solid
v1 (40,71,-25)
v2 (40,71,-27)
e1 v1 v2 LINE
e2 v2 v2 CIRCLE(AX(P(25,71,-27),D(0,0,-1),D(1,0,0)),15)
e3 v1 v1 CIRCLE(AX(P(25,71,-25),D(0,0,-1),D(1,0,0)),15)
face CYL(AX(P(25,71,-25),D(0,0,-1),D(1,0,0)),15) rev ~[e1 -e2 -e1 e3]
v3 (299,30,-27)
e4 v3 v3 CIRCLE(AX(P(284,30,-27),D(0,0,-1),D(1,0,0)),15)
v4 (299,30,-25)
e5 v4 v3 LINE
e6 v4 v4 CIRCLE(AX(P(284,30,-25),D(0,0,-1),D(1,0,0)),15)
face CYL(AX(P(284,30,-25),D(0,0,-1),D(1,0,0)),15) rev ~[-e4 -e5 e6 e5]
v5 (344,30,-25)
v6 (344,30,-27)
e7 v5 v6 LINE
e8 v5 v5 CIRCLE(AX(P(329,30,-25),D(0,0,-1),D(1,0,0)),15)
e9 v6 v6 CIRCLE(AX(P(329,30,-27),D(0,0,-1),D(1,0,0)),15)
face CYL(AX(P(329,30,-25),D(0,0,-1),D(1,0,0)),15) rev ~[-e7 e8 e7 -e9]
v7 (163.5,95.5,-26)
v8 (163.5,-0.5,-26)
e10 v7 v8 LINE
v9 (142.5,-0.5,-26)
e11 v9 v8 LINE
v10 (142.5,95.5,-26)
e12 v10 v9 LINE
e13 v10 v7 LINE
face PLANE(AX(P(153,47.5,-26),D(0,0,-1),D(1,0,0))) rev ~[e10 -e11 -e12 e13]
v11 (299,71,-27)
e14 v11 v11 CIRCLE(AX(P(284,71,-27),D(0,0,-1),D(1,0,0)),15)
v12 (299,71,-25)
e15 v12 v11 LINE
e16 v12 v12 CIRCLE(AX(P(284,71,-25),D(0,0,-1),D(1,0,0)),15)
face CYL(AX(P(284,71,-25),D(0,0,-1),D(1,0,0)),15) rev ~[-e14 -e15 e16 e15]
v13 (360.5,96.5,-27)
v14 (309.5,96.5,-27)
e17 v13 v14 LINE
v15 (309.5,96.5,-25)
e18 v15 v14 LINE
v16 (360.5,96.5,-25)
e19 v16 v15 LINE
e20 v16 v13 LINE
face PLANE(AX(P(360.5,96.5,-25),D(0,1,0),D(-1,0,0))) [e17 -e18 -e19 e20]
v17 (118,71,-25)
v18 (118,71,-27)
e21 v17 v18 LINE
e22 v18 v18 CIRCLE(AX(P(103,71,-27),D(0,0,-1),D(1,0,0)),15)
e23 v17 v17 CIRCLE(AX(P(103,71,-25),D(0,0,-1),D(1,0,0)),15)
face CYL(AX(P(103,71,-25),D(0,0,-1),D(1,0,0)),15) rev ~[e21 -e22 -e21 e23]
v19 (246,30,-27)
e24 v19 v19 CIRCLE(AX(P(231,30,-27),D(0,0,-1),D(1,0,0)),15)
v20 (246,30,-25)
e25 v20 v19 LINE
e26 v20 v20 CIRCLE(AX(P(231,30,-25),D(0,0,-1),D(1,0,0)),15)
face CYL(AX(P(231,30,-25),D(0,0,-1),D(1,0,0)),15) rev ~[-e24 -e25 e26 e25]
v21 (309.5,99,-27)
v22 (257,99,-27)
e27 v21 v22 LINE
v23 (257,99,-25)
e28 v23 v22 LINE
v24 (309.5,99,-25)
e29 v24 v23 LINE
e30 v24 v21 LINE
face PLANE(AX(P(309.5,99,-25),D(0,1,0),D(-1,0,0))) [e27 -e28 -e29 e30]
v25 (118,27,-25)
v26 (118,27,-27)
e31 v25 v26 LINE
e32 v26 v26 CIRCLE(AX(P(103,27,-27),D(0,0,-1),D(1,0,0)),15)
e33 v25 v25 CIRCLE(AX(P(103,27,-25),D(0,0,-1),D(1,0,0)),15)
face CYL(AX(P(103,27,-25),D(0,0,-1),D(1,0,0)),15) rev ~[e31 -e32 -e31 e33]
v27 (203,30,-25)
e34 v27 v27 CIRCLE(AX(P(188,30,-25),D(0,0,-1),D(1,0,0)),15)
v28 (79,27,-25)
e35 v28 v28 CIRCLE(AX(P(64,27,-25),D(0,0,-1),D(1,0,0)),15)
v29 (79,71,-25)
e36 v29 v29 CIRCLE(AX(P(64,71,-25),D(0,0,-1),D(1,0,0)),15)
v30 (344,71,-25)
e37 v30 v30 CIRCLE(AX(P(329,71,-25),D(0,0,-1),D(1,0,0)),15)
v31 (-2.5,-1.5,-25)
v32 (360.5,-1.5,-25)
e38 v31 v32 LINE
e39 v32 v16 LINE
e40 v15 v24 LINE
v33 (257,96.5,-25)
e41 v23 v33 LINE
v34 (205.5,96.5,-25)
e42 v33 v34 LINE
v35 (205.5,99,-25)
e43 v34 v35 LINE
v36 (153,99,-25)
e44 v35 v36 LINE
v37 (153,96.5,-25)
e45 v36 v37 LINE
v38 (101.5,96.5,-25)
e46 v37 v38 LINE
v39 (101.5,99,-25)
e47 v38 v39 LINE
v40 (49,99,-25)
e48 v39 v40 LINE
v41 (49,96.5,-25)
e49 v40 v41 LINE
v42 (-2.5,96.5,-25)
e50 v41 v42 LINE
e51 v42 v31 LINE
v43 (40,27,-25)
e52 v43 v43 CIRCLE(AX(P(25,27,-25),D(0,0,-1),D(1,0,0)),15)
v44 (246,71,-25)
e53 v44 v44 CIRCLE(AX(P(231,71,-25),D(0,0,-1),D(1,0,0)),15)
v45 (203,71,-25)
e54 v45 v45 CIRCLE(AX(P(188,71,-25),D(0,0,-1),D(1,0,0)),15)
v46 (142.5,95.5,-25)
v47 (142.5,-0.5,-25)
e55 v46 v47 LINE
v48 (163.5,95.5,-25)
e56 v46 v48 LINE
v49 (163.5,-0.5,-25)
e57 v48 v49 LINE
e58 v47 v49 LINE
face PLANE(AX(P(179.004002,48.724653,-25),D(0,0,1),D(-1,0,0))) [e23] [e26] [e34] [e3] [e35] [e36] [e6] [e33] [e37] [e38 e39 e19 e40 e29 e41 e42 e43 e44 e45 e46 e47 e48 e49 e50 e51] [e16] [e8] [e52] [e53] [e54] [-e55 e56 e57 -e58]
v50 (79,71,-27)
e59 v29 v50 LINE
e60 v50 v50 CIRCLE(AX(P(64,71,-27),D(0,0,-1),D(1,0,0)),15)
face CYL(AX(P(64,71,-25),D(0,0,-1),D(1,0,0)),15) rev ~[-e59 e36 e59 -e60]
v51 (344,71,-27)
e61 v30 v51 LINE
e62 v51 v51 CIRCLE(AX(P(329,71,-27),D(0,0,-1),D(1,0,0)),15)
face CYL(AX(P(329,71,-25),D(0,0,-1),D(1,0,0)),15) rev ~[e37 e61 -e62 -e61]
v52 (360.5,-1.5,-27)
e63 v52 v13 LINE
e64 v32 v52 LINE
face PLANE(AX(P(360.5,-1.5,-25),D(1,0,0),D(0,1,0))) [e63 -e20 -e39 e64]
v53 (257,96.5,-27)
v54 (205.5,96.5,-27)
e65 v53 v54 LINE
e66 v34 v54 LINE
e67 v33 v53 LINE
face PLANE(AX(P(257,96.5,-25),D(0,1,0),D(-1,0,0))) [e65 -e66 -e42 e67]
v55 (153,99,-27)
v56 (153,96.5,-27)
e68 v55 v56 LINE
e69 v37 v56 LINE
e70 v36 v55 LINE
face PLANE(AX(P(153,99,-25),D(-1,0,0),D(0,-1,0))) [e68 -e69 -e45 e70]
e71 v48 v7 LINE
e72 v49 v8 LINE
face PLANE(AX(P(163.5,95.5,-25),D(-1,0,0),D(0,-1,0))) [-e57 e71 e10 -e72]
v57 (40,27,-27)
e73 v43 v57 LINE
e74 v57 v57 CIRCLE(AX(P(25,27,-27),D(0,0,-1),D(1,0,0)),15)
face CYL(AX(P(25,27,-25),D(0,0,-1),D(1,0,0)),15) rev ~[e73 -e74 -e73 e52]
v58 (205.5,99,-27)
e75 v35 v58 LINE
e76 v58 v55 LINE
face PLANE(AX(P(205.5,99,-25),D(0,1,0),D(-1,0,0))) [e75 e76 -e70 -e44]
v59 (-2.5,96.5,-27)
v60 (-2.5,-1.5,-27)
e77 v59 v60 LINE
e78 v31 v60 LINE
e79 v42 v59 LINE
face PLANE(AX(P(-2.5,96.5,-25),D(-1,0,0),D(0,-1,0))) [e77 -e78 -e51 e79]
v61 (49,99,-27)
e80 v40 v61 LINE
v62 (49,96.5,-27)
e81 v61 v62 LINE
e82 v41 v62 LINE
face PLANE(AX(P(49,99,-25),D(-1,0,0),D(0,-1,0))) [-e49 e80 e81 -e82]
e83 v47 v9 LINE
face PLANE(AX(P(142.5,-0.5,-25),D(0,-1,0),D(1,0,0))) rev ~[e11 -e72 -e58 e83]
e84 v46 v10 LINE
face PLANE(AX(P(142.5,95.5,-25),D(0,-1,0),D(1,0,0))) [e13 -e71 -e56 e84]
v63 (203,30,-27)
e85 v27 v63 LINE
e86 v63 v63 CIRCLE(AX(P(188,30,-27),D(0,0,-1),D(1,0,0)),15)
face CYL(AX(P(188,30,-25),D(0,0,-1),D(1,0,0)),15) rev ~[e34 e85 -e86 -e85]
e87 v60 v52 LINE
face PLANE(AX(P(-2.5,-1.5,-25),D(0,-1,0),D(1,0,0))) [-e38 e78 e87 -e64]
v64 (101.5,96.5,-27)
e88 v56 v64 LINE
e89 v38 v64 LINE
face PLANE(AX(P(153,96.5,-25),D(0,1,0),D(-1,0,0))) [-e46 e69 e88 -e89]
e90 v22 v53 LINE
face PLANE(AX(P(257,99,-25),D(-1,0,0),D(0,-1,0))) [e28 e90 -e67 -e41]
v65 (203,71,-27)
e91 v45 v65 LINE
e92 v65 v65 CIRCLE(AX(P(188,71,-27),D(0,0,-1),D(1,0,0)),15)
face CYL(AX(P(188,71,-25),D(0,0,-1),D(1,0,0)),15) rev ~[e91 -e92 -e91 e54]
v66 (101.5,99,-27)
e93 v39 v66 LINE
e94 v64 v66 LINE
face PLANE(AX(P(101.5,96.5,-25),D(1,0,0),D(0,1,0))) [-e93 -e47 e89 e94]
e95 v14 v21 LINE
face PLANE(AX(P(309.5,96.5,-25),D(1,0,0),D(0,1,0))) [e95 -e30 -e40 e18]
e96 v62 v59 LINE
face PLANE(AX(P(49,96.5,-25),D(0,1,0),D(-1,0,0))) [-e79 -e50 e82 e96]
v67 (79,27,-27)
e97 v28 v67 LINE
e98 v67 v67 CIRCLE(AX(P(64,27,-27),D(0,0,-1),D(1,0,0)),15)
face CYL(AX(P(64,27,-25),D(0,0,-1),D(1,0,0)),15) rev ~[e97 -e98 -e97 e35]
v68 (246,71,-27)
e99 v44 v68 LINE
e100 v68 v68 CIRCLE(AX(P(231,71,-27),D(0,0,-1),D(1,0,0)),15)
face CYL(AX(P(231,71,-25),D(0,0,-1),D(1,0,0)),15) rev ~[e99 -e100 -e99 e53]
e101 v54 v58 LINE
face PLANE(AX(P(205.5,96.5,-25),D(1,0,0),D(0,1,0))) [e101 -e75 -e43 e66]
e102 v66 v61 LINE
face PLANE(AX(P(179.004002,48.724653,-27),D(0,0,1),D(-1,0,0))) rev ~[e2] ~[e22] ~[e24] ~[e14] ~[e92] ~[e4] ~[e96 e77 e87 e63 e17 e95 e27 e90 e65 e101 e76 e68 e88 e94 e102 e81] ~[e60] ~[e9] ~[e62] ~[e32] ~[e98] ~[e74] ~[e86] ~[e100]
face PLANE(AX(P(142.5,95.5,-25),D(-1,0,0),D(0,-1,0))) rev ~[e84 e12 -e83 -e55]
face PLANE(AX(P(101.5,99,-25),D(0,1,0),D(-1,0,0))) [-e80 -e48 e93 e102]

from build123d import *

# Parameters (mm, degrees)
SKETCH093_W           = 21
SKETCH093_H           = 96
EXTRUDE085_DEPTH      = 1
SKETCH140_R           = 15
EXTRUDE130_DEPTH      = 3
EXTRUDE130_DEPTH_BACK = 1
EXTRUDE074_DEPTH      = 2


with BuildPart() as cutout:
    # Sketch093 → Extrude085 (new body)
    with BuildSketch(Plane(origin=(0, 0, -25), x_dir=(1, 0, 0), z_dir=(0, 0, -1))):
        with Locations((153, -47.5)):
            Rectangle(SKETCH093_W, SKETCH093_H)
    extrude(amount=EXTRUDE085_DEPTH)


with BuildPart() as compound029:
    # Sketch140 → Extrude130 (new body, two sides)
    with BuildSketch(Plane(origin=(0, 0, -25), x_dir=(1, 0, 0), z_dir=(0, 0, -1))) as extrude130_sk:
        with Locations((25, -27)):
            Circle(SKETCH140_R)
        with Locations((103, -27)):
            Circle(SKETCH140_R)
        with Locations((64, -27)):
            Circle(SKETCH140_R)
        with Locations((103, -71)):
            Circle(SKETCH140_R)
        with Locations((25, -71)):
            Circle(SKETCH140_R)
        with Locations((64, -71)):
            Circle(SKETCH140_R)
        with Locations((188, -30)):
            Circle(SKETCH140_R)
        with Locations((231, -30)):
            Circle(SKETCH140_R)
        with Locations((188, -71)):
            Circle(SKETCH140_R)
        with Locations((231, -71)):
            Circle(SKETCH140_R)
        with Locations((284, -30)):
            Circle(SKETCH140_R)
        with Locations((329, -30)):
            Circle(SKETCH140_R)
        with Locations((284, -71)):
            Circle(SKETCH140_R)
        with Locations((329, -71)):
            Circle(SKETCH140_R)
    extrude(amount=EXTRUDE130_DEPTH)
    extrude(extrude130_sk.sketch, amount=-EXTRUDE130_DEPTH_BACK)

    # Compound029: union cutout
    add(cutout.part)


with BuildPart() as panel002:
    # Sketch082 → Extrude074 (new body)
    with BuildSketch(Plane(origin=(0, 0, -25), x_dir=(1, 0, 0), z_dir=(0, 0, -1))):
        Polygon((-2.5, 1.5), (360.5, 1.5), (360.5, -96.5), (309.5, -96.5), (309.5, -99), (257, -99), (257, -96.5), (205.5, -96.5), (205.5, -99), (153, -99), (153, -96.5), (101.5, -96.5), (101.5, -99), (49, -99), (49, -96.5), (-2.5, -96.5), align=None)
    extrude(amount=EXTRUDE074_DEPTH)

    # Cut: cut Compound029
    add(compound029.part, mode=Mode.SUBTRACT)


solid = panel002.part
